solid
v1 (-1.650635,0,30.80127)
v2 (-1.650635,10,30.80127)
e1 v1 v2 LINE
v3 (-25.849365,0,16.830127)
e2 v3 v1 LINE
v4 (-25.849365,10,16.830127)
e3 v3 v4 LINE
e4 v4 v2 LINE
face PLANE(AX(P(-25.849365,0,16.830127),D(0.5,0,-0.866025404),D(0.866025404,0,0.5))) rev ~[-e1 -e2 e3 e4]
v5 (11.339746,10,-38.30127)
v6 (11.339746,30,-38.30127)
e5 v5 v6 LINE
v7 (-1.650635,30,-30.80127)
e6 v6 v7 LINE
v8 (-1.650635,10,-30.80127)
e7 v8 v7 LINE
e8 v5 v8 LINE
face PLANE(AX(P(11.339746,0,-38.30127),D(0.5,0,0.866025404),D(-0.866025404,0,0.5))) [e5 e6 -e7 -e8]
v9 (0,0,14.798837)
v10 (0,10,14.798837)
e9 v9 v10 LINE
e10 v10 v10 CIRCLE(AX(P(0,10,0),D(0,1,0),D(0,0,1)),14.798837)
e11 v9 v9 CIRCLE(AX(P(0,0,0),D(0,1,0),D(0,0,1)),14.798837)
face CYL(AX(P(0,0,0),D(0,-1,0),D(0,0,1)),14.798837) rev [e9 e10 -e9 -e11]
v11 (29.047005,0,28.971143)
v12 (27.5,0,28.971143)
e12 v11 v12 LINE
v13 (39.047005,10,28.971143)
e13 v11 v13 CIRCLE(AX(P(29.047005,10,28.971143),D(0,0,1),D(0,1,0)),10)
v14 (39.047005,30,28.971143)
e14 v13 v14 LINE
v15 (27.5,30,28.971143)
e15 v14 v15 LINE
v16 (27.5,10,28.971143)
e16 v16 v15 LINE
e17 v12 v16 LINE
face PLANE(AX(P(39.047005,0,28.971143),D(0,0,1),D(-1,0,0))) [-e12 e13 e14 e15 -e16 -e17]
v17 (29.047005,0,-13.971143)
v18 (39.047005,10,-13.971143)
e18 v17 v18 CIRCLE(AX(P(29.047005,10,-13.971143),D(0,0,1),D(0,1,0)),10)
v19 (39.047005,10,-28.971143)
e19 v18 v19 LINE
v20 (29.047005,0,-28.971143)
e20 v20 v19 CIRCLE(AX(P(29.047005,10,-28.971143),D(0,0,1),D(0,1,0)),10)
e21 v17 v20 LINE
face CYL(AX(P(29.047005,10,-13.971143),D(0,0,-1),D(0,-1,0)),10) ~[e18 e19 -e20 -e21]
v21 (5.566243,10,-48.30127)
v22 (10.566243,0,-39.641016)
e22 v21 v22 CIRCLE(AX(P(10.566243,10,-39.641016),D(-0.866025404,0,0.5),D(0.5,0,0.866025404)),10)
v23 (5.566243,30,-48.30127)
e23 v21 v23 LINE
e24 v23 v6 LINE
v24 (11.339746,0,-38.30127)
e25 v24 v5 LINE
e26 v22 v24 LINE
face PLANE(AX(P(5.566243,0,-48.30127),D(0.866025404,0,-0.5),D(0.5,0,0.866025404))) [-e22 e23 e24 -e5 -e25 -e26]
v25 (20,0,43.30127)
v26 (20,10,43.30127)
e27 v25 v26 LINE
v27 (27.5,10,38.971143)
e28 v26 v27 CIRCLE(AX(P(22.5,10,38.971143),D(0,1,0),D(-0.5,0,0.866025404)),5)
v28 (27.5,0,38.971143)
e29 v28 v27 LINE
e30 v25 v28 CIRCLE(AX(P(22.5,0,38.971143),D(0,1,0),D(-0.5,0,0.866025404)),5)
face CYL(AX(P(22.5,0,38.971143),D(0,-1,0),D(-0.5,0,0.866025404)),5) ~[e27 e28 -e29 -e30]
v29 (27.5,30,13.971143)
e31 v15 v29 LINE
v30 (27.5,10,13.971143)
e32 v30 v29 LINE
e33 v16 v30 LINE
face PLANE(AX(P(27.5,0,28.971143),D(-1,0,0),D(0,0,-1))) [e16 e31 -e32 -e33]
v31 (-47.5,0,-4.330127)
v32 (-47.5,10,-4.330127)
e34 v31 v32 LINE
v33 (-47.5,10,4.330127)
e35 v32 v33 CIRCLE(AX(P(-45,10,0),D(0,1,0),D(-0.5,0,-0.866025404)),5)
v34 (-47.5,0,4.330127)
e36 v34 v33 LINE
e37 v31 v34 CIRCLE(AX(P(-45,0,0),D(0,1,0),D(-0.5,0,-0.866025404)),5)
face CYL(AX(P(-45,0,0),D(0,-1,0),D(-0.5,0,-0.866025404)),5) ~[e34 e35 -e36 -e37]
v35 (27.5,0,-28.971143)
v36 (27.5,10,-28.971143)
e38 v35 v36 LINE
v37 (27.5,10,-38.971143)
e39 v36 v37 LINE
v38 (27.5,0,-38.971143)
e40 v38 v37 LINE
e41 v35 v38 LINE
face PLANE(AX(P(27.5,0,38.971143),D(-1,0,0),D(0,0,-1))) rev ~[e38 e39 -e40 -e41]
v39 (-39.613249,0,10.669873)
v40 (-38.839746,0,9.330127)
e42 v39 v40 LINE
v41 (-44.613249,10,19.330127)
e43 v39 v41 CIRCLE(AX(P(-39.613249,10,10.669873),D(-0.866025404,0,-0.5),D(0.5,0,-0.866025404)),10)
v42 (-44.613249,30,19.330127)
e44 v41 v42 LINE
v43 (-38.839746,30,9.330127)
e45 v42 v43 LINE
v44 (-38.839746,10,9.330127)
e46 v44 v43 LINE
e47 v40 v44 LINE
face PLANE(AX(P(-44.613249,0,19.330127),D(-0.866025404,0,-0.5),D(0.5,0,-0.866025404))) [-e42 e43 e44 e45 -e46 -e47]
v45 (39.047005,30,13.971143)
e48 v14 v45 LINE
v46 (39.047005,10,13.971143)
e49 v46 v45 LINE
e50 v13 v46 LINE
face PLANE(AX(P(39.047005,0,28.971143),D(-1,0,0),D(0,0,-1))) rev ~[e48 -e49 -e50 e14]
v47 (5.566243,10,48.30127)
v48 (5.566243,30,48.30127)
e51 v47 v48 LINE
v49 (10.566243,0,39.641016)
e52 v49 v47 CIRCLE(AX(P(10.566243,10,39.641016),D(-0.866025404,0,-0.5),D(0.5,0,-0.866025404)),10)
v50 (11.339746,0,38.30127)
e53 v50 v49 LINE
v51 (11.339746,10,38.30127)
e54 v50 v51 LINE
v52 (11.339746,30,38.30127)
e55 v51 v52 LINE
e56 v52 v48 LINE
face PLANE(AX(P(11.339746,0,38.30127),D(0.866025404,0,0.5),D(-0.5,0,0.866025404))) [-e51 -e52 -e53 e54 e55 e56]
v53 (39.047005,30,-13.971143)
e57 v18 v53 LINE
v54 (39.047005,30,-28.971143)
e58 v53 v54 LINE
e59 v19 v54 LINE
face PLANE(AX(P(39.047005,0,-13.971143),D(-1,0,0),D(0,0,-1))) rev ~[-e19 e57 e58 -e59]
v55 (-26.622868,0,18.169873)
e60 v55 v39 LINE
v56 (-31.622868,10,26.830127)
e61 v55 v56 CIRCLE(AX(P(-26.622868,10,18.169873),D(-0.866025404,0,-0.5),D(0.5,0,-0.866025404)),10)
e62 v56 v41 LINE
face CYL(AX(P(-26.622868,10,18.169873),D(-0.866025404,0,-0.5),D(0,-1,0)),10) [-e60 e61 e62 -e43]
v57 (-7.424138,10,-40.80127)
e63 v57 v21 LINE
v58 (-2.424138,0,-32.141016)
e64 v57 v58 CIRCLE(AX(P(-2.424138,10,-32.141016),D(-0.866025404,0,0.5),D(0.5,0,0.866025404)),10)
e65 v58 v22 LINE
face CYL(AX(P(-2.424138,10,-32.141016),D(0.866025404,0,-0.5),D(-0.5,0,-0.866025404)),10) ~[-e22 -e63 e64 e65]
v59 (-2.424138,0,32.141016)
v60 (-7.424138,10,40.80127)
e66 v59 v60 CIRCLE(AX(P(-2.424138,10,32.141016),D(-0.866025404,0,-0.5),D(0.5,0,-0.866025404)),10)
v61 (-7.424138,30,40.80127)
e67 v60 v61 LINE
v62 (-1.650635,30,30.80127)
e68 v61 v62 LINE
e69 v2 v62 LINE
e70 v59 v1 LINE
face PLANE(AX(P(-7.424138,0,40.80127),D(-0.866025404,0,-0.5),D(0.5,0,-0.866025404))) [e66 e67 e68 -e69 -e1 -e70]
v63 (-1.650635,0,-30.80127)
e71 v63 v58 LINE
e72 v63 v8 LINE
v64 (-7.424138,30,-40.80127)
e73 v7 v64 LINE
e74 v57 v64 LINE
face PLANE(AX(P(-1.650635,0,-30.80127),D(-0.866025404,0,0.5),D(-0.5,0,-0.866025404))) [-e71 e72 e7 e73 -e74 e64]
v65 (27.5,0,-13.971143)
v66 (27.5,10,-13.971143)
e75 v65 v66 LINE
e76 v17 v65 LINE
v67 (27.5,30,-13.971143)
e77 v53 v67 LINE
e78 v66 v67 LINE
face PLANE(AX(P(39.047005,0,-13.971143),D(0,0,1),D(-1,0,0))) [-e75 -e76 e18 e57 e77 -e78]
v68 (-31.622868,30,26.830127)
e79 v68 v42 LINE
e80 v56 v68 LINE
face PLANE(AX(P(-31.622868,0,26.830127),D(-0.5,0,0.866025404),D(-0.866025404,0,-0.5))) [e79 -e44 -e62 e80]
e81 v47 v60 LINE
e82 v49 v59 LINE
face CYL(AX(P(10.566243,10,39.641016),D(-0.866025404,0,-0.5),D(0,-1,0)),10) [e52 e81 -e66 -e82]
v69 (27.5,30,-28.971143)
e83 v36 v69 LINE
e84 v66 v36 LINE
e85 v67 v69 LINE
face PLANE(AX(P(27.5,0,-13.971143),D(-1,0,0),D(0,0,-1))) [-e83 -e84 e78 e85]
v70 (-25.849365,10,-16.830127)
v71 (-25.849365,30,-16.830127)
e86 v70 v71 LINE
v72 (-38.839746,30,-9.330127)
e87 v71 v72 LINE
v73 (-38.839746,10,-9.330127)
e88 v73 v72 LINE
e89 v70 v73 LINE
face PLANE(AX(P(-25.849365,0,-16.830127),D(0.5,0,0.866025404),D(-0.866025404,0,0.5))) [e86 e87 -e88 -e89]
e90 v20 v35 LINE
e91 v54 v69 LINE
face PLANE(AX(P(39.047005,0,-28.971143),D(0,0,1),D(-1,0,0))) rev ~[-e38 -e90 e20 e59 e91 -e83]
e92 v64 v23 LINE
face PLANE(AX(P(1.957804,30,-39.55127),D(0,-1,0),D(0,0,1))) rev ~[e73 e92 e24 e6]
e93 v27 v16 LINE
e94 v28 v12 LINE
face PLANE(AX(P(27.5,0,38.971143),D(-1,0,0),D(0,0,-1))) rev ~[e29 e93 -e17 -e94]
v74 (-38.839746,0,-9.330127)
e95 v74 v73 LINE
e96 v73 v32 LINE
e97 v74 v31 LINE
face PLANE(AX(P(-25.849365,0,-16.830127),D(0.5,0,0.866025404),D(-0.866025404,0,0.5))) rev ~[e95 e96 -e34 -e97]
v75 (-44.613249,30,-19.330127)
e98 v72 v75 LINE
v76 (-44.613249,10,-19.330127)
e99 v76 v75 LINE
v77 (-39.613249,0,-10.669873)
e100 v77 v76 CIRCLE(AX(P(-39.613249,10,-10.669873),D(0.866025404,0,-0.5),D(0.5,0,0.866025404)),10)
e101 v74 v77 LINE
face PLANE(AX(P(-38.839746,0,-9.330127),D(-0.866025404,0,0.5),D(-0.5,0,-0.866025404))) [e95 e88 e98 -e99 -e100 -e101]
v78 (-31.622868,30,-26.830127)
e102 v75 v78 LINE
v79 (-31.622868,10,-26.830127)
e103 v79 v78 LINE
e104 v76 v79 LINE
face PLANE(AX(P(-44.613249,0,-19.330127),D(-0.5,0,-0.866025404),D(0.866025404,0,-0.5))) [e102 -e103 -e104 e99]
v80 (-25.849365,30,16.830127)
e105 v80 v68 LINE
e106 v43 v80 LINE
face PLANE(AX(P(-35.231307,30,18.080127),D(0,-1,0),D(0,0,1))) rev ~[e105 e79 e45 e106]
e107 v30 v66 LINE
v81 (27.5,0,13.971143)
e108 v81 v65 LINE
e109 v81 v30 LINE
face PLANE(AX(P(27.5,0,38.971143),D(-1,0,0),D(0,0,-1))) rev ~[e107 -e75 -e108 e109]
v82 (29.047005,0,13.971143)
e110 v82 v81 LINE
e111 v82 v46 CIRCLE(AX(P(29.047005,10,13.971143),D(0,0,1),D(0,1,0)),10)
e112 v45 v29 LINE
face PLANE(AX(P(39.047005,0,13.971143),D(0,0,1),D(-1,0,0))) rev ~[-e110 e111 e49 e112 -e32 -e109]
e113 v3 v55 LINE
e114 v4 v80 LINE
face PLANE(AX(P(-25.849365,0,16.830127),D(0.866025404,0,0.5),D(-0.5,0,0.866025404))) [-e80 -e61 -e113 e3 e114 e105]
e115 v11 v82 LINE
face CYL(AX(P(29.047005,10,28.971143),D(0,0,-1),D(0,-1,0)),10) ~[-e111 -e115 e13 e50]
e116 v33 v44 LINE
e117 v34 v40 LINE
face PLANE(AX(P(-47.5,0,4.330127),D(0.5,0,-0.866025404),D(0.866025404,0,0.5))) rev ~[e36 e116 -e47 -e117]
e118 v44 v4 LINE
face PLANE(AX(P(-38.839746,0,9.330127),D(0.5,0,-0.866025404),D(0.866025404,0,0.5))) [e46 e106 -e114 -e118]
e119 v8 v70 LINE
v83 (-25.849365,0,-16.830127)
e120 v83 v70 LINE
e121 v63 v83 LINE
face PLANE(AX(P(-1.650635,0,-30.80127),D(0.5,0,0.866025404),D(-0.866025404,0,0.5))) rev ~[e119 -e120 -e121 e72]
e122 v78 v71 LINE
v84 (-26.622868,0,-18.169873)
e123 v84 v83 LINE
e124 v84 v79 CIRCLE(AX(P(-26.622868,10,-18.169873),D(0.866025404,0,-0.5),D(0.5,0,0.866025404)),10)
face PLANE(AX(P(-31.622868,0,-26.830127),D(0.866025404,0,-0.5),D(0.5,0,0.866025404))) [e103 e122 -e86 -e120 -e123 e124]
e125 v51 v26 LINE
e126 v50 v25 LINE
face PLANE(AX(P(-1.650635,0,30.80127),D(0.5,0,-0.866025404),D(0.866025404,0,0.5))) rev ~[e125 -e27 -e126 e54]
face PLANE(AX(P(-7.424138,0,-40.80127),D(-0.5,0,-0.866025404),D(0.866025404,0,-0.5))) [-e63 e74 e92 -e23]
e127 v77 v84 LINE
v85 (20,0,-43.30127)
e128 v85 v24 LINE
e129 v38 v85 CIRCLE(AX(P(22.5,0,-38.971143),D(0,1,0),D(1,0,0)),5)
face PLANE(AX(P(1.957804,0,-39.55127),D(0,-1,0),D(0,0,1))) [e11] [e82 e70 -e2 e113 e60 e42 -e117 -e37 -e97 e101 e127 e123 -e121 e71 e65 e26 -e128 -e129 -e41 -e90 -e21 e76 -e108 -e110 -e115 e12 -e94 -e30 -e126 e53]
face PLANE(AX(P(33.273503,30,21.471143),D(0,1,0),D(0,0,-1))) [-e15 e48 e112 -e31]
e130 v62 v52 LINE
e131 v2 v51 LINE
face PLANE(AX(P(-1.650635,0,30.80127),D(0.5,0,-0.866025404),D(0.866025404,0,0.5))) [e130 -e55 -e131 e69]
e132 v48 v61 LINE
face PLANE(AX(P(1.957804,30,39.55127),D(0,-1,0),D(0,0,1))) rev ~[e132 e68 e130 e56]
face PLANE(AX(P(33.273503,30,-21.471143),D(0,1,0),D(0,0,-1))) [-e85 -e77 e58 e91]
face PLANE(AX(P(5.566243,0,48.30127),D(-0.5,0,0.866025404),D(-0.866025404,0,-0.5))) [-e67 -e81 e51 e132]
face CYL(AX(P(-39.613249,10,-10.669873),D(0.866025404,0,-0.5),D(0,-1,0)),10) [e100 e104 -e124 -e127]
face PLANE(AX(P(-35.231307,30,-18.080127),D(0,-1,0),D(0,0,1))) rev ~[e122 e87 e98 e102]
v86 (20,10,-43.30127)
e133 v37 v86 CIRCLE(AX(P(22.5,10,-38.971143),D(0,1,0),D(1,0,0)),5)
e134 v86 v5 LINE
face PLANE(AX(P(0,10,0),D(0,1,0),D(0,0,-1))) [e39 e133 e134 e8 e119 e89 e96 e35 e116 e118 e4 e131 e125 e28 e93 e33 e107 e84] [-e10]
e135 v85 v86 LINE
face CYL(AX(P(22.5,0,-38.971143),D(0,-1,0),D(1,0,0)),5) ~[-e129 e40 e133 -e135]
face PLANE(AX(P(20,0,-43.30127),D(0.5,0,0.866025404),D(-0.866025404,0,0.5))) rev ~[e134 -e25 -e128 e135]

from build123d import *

# Parameters (mm, degrees)
SKETCH2_R           = 14.798837294
BOSS_EXTRUDE1_DEPTH = 10
SKETCH2_7_W         = 15
SKETCH2_7_H         = 11.547005384
BOSS_EXTRUDE3_DEPTH = 30
FILLET1_R           = 10


with BuildPart() as part:
    # Sketch2 → Boss-Extrude1 (new body)
    with BuildSketch(Plane(origin=(0, 0, 0), x_dir=(0, 0, -1), z_dir=(0, 1, 0))):
        with BuildLine():
            Line((-38.301270189, -11.339745962), (-43.301270189, -20))
            ThreePointArc((-43.301270189, -20), (-43.301270189, -25), (-38.97114317, -27.5))
            Line((-38.97114317, -27.5), (-28.97114317, -27.5))
            Line((-28.97114317, -27.5), (-13.97114317, -27.5))
            Line((-13.97114317, -27.5), (13.97114317, -27.5))
            Line((13.97114317, -27.5), (28.97114317, -27.5))
            Line((28.97114317, -27.5), (38.97114317, -27.5))
            ThreePointArc((38.97114317, -27.5), (43.301270189, -25), (43.301270189, -20))
            Line((43.301270189, -20), (38.301270189, -11.339745962))
            Line((38.301270189, -11.339745962), (30.801270189, 1.650635095))
            Line((30.801270189, 1.650635095), (16.830127019, 25.849364905))
            Line((16.830127019, 25.849364905), (9.330127019, 38.839745962))
            Line((9.330127019, 38.839745962), (4.330127019, 47.5))
            ThreePointArc((4.330127019, 47.5), (0, 50), (-4.330127019, 47.5))
            Line((-4.330127019, 47.5), (-9.330127019, 38.839745962))
            Line((-9.330127019, 38.839745962), (-16.830127019, 25.849364905))
            Line((-16.830127019, 25.849364905), (-30.801270189, 1.650635095))
            Line((-30.801270189, 1.650635095), (-38.301270189, -11.339745962))
        make_face()
        Circle(SKETCH2_R, mode=Mode.SUBTRACT)
    extrude(amount=BOSS_EXTRUDE1_DEPTH)

    # Sketch2<7> → Boss-Extrude3 (add)
    with BuildSketch(Plane(origin=(0, 0, 0), x_dir=(0, 0, -1), z_dir=(0, 1, 0))):
        Polygon((-48.301270189, -5.56624327), (-38.301270189, -11.339745962), (-30.801270189, 1.650635095), (-40.801270189, 7.424137787), align=None)
        with Locations((-21.47114317, -33.273502692)):
            Rectangle(SKETCH2_7_W, SKETCH2_7_H)
        Polygon((-26.830127019, 31.622867597), (-16.830127019, 25.849364905), (-9.330127019, 38.839745962), (-19.330127019, 44.613248654), align=None)
        with Locations((21.47114317, -33.273502692)):
            Rectangle(SKETCH2_7_W, SKETCH2_7_H)
        Polygon((19.330127019, 44.613248654), (9.330127019, 38.839745962), (16.830127019, 25.849364905), (26.830127019, 31.622867597), align=None)
        Polygon((30.801270189, 1.650635095), (38.301270189, -11.339745962), (48.301270189, -5.56624327), (40.801270189, 7.424137787), align=None)
    extrude(amount=BOSS_EXTRUDE3_DEPTH)

    # Fillet1
    fillet1_edges = [part.edges().sort_by_distance(p)[0] for p in [
        (39.047005384, 0, -21.47114317),
        (39.047005384, 0, 21.47114317),
        (-0.928947258, 0, 44.551270189),
        (-38.118058126, 0, 23.080127019),
        (-38.118058126, 0, -23.080127019),
        (-0.928947258, 0, -44.551270189),
    ]]
    fillet(fillet1_edges, radius=FILLET1_R)


solid = part.part
